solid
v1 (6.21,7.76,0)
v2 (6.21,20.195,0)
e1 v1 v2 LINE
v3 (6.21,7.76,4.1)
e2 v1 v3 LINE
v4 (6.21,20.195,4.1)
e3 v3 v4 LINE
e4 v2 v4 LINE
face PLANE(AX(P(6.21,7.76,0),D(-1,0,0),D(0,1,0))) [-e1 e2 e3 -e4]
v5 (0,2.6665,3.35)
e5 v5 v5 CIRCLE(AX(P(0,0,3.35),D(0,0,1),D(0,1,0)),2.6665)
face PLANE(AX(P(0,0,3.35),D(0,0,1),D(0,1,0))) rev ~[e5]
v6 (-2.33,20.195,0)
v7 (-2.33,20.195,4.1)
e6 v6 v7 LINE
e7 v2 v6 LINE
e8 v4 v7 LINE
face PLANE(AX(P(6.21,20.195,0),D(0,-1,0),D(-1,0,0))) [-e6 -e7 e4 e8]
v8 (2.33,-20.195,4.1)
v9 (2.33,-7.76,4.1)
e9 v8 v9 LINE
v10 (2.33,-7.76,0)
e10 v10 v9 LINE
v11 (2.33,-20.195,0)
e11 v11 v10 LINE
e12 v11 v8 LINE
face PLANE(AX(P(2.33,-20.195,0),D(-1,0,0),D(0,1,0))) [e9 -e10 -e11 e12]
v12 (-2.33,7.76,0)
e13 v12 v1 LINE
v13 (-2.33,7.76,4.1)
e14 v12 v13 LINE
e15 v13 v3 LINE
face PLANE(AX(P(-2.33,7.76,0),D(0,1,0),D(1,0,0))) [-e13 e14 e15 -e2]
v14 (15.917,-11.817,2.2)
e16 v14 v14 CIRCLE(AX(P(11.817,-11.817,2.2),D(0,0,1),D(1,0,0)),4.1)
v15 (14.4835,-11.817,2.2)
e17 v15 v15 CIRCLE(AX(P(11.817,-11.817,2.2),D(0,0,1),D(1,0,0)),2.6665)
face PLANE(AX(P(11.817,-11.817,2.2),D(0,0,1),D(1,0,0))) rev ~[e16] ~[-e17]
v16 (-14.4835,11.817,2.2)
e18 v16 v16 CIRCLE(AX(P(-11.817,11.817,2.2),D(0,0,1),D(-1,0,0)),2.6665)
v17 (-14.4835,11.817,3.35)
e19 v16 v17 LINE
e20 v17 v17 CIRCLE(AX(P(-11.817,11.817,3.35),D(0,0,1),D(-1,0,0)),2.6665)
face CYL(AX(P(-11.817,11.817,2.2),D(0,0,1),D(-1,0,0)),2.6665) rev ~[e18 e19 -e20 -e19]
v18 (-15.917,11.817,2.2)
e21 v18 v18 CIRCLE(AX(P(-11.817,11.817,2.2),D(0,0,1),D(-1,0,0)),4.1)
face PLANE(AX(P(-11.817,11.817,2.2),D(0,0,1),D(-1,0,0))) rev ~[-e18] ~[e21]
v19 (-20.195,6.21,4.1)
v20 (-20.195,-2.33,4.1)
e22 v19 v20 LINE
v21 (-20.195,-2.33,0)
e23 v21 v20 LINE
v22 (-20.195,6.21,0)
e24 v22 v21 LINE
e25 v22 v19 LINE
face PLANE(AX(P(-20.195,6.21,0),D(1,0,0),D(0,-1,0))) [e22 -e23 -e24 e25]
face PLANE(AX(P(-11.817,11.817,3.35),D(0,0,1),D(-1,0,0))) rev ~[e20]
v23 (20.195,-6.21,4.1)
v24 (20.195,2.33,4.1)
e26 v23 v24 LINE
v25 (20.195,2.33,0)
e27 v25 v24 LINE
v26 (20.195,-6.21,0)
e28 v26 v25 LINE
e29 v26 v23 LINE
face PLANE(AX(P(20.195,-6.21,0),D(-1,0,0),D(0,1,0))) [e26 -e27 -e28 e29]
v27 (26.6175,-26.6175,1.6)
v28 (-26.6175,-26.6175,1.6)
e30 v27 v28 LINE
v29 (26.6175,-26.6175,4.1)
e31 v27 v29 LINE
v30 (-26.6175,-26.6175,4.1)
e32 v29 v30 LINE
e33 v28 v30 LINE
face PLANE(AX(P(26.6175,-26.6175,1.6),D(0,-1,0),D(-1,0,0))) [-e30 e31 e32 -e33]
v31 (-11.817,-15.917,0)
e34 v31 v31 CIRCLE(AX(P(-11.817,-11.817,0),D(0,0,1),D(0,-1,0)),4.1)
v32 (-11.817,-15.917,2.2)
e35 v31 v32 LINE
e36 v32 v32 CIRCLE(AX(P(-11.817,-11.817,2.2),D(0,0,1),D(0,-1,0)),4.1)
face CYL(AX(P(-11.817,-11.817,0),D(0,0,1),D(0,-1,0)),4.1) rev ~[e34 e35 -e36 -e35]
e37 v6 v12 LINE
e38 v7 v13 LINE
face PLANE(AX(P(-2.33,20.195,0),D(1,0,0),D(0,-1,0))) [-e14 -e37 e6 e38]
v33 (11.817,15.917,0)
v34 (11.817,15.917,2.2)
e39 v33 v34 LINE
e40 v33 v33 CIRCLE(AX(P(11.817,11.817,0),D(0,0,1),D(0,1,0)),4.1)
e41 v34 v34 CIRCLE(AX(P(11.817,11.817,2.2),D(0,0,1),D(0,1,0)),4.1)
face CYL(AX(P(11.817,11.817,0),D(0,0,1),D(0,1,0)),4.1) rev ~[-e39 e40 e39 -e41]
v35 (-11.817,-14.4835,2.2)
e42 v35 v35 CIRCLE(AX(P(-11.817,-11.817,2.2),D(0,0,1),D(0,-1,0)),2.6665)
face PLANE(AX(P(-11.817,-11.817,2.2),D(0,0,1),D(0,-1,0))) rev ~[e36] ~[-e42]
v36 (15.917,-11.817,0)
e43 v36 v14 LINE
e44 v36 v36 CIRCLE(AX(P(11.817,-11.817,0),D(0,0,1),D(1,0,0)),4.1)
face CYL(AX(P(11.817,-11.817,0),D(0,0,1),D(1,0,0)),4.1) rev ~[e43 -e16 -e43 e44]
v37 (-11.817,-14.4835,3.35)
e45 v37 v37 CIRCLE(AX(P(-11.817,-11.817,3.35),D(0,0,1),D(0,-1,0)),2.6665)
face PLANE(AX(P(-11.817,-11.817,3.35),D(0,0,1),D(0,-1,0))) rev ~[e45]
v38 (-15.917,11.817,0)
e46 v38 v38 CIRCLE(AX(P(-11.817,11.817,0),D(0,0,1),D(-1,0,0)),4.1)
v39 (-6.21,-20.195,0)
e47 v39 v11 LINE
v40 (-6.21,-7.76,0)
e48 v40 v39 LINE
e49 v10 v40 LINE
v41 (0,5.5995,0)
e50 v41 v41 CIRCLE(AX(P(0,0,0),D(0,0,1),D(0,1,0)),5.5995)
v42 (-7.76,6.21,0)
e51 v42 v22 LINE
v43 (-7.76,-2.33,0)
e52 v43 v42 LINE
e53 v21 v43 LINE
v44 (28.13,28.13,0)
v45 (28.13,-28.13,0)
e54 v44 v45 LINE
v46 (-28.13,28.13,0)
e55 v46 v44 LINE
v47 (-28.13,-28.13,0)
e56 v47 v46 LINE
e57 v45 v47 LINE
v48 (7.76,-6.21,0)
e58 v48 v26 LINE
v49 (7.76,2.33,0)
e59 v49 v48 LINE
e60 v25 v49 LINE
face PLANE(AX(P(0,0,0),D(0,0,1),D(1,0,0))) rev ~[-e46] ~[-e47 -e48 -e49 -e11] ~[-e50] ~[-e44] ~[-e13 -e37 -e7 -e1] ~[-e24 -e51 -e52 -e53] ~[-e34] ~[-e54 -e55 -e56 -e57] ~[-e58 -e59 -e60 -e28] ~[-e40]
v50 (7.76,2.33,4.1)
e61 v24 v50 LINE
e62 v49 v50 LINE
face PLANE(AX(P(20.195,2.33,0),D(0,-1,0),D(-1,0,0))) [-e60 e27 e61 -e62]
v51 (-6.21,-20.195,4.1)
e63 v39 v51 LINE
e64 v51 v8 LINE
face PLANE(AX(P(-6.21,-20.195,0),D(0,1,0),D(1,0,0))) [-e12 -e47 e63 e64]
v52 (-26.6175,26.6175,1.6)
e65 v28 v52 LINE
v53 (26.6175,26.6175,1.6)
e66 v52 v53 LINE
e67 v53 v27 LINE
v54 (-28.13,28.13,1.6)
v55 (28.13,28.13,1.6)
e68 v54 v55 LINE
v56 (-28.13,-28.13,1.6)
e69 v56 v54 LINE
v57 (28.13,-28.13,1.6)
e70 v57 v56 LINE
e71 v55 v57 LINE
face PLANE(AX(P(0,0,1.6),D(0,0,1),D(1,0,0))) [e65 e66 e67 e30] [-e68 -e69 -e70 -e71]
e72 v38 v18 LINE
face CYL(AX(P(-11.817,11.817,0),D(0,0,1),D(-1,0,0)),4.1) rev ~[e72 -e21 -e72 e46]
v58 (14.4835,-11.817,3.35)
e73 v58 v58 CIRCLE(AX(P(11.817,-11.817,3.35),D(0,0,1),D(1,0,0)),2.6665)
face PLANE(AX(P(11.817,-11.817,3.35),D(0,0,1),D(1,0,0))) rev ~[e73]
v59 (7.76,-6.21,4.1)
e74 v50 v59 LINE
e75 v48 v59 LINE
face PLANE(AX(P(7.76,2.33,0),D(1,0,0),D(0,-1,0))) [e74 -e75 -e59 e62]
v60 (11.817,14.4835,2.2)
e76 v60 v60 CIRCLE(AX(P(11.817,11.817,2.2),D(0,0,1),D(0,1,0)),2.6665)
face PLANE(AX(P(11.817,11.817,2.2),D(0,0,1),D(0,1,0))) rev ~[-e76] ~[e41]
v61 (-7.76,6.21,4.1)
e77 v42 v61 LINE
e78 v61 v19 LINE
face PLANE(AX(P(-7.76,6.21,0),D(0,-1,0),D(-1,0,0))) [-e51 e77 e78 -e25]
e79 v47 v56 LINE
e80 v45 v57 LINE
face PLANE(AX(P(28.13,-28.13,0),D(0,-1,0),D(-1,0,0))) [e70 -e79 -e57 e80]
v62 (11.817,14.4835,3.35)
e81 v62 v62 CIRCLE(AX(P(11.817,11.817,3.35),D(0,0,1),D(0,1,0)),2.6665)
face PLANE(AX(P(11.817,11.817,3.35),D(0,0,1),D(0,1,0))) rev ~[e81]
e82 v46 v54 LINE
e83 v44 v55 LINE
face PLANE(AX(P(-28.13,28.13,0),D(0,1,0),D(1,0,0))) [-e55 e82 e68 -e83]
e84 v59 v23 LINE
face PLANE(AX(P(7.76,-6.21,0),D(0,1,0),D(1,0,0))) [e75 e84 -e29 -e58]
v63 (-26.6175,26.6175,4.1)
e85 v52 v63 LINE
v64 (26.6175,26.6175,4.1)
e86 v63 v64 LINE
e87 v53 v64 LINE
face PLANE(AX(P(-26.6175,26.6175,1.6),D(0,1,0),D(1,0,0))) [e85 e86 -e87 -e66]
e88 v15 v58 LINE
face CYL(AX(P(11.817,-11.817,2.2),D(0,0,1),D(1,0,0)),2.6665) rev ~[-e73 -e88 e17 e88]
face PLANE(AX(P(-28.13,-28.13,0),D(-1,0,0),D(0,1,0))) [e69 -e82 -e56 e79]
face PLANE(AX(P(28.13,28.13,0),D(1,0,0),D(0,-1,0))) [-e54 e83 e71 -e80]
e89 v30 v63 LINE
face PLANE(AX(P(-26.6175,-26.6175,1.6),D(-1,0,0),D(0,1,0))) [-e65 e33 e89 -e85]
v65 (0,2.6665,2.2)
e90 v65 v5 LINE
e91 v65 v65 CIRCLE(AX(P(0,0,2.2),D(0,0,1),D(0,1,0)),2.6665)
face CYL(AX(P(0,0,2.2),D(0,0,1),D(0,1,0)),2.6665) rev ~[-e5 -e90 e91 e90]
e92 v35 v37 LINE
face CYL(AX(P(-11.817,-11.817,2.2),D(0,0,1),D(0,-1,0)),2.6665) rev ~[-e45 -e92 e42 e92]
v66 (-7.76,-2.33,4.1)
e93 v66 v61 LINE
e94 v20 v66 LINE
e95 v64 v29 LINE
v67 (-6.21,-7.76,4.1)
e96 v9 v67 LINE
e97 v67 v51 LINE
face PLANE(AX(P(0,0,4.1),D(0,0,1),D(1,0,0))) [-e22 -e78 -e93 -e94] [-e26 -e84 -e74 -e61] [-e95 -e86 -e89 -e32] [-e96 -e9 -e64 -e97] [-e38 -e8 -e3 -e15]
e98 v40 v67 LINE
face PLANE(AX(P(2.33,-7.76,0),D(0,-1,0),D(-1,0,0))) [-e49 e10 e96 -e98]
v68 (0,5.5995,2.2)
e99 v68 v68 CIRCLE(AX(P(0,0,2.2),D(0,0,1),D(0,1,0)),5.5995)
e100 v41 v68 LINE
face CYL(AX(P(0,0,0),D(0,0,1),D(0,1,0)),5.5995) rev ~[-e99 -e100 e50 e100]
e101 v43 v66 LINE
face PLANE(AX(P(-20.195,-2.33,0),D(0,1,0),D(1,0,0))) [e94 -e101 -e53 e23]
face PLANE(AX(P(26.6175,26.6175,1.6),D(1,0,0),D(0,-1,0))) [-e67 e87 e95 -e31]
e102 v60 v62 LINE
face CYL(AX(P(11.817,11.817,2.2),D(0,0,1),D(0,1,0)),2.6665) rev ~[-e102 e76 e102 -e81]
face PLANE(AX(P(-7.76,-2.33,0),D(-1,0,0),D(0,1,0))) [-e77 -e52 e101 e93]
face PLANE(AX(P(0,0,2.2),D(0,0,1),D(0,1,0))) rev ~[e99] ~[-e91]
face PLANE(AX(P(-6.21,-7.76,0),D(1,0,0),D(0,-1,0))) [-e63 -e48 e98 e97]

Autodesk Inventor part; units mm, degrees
ref_plane "YZ Plane" through (0, 0, 0) normal (1, 0, 0) x (0, 1, 0)
ref_plane "XZ Plane" through (0, 0, 0) normal (0, 1, 0) x (-1, 0, 0)
ref_plane "XY Plane" through (0, 0, 0) normal (0, 0, 1) x (1, 0, 0)
sketch "Skizze1" plane through (0, 0, 0) normal (0, 0, 1) x (1, 0, 0)
  line L0 (-28.13, 28.13) -> (28.13, 28.13)
  line L1 (28.13, 28.13) -> (28.13, -28.13)
  line L2 (28.13, -28.13) -> (-28.13, -28.13)
  line L3 (-28.13, -28.13) -> (-28.13, 28.13)
  line L4 (-39.382, 0) -> (39.382, 0) construction
  line L5 (0, -39.382) -> (0, 39.382) construction
  point P0 (0, 0)
  dimension "d0" = 56.26
extrude "Extrusion1" add sketch "Skizze1" along normal blind 1.6
sketch "Skizze2" plane through (0, 0, 1.6) normal (0, 0, 1) x (1, 0, 0)
  line L0 (0, -39.382) -> (0, 39.382) construction
  line L1 (-39.382, 0) -> (39.382, 0) construction
  line L2 (-26.6175, 26.6175) -> (26.6175, 26.6175)
  line L3 (26.6175, 26.6175) -> (26.6175, -26.6175)
  line L4 (26.6175, -26.6175) -> (-26.6175, -26.6175)
  line L5 (-26.6175, -26.6175) -> (-26.6175, 26.6175)
  line L6 (28.13, 28.13) -> (-28.13, 28.13) projected
  point P0 (0, 0)
  dimension "d3" = 53.235
extrude "Extrusion2" add sketch "Skizze2" along normal blind 2.5
sketch "Skizze3" plane through (0, 0, 0) normal (0, 0, -1) x (-1, 0, 0)
  line L0 (28.13, -28.13) -> (-28.13, -28.13) projected
  line L1 (28.13, 28.13) -> (28.13, -28.13) projected
  line L2 (-28.13, 28.13) -> (28.13, 28.13) projected
  line L3 (-28.13, -28.13) -> (-28.13, 28.13) projected
  line L4 (-6.21, 20.195) -> (2.33, 20.195)
  line L5 (2.33, 20.195) -> (2.33, 7.76)
  line L6 (2.33, 7.76) -> (-6.21, 7.76)
  line L7 (-6.21, 7.76) -> (-6.21, 20.195)
  point P0 (0, 0)
  point P1 (0, 0)
  dimension "d6" = 21.92
  dimension "d7" = 8.54
  dimension "d8" = 12.435
  dimension "d9" = 35.89
extrude "Extrusion3" cut sketch "Skizze3" against normal up to surface (4.1 mm away) contours L4 L5 L6 L7
pattern_circular "Runde Anordnung1" count 4 over 360 about axis through (0, 0, -10) along (0, 0, 1) of "Extrusion3"
sketch "Skizze4" plane through (0, 0, 0) normal (0, 0, -1) x (-1, 0, 0)
  line L0 (-28.13, -28.13) -> (-28.13, 28.13) projected
  line L1 (-28.13, 28.13) -> (28.13, 28.13) projected
  point P0 (0, 0)
  point P1 (-11.817, 11.817)
  dimension "d15" = 16.313
  dimension "d16" = 16.313
hole "Bohrung1" at (11.817, 11.817, 0) direction (0, 0, 1) diameter 5.333 depth 3.35 counterbore diameter 8.2 counterbore depth 2.2
pattern_circular "Runde Anordnung2" count 4 over 360 about axis through (0, 0, -10) along (0, 0, 1) of "Bohrung1"
sketch "Skizze5" plane through (0, 0, 0) normal (0, 0, -1) x (-1, 0, 0)
  point P0 (0, 0)
  point P1 (0, 0)
hole "Bohrung2" at (0, 0, 0) direction (0, 0, 1) diameter 5.333 depth 3.35 counterbore diameter 11.199 counterbore depth 2.2
properties part number "PCB_cover_platte_0,1_reduziert"
